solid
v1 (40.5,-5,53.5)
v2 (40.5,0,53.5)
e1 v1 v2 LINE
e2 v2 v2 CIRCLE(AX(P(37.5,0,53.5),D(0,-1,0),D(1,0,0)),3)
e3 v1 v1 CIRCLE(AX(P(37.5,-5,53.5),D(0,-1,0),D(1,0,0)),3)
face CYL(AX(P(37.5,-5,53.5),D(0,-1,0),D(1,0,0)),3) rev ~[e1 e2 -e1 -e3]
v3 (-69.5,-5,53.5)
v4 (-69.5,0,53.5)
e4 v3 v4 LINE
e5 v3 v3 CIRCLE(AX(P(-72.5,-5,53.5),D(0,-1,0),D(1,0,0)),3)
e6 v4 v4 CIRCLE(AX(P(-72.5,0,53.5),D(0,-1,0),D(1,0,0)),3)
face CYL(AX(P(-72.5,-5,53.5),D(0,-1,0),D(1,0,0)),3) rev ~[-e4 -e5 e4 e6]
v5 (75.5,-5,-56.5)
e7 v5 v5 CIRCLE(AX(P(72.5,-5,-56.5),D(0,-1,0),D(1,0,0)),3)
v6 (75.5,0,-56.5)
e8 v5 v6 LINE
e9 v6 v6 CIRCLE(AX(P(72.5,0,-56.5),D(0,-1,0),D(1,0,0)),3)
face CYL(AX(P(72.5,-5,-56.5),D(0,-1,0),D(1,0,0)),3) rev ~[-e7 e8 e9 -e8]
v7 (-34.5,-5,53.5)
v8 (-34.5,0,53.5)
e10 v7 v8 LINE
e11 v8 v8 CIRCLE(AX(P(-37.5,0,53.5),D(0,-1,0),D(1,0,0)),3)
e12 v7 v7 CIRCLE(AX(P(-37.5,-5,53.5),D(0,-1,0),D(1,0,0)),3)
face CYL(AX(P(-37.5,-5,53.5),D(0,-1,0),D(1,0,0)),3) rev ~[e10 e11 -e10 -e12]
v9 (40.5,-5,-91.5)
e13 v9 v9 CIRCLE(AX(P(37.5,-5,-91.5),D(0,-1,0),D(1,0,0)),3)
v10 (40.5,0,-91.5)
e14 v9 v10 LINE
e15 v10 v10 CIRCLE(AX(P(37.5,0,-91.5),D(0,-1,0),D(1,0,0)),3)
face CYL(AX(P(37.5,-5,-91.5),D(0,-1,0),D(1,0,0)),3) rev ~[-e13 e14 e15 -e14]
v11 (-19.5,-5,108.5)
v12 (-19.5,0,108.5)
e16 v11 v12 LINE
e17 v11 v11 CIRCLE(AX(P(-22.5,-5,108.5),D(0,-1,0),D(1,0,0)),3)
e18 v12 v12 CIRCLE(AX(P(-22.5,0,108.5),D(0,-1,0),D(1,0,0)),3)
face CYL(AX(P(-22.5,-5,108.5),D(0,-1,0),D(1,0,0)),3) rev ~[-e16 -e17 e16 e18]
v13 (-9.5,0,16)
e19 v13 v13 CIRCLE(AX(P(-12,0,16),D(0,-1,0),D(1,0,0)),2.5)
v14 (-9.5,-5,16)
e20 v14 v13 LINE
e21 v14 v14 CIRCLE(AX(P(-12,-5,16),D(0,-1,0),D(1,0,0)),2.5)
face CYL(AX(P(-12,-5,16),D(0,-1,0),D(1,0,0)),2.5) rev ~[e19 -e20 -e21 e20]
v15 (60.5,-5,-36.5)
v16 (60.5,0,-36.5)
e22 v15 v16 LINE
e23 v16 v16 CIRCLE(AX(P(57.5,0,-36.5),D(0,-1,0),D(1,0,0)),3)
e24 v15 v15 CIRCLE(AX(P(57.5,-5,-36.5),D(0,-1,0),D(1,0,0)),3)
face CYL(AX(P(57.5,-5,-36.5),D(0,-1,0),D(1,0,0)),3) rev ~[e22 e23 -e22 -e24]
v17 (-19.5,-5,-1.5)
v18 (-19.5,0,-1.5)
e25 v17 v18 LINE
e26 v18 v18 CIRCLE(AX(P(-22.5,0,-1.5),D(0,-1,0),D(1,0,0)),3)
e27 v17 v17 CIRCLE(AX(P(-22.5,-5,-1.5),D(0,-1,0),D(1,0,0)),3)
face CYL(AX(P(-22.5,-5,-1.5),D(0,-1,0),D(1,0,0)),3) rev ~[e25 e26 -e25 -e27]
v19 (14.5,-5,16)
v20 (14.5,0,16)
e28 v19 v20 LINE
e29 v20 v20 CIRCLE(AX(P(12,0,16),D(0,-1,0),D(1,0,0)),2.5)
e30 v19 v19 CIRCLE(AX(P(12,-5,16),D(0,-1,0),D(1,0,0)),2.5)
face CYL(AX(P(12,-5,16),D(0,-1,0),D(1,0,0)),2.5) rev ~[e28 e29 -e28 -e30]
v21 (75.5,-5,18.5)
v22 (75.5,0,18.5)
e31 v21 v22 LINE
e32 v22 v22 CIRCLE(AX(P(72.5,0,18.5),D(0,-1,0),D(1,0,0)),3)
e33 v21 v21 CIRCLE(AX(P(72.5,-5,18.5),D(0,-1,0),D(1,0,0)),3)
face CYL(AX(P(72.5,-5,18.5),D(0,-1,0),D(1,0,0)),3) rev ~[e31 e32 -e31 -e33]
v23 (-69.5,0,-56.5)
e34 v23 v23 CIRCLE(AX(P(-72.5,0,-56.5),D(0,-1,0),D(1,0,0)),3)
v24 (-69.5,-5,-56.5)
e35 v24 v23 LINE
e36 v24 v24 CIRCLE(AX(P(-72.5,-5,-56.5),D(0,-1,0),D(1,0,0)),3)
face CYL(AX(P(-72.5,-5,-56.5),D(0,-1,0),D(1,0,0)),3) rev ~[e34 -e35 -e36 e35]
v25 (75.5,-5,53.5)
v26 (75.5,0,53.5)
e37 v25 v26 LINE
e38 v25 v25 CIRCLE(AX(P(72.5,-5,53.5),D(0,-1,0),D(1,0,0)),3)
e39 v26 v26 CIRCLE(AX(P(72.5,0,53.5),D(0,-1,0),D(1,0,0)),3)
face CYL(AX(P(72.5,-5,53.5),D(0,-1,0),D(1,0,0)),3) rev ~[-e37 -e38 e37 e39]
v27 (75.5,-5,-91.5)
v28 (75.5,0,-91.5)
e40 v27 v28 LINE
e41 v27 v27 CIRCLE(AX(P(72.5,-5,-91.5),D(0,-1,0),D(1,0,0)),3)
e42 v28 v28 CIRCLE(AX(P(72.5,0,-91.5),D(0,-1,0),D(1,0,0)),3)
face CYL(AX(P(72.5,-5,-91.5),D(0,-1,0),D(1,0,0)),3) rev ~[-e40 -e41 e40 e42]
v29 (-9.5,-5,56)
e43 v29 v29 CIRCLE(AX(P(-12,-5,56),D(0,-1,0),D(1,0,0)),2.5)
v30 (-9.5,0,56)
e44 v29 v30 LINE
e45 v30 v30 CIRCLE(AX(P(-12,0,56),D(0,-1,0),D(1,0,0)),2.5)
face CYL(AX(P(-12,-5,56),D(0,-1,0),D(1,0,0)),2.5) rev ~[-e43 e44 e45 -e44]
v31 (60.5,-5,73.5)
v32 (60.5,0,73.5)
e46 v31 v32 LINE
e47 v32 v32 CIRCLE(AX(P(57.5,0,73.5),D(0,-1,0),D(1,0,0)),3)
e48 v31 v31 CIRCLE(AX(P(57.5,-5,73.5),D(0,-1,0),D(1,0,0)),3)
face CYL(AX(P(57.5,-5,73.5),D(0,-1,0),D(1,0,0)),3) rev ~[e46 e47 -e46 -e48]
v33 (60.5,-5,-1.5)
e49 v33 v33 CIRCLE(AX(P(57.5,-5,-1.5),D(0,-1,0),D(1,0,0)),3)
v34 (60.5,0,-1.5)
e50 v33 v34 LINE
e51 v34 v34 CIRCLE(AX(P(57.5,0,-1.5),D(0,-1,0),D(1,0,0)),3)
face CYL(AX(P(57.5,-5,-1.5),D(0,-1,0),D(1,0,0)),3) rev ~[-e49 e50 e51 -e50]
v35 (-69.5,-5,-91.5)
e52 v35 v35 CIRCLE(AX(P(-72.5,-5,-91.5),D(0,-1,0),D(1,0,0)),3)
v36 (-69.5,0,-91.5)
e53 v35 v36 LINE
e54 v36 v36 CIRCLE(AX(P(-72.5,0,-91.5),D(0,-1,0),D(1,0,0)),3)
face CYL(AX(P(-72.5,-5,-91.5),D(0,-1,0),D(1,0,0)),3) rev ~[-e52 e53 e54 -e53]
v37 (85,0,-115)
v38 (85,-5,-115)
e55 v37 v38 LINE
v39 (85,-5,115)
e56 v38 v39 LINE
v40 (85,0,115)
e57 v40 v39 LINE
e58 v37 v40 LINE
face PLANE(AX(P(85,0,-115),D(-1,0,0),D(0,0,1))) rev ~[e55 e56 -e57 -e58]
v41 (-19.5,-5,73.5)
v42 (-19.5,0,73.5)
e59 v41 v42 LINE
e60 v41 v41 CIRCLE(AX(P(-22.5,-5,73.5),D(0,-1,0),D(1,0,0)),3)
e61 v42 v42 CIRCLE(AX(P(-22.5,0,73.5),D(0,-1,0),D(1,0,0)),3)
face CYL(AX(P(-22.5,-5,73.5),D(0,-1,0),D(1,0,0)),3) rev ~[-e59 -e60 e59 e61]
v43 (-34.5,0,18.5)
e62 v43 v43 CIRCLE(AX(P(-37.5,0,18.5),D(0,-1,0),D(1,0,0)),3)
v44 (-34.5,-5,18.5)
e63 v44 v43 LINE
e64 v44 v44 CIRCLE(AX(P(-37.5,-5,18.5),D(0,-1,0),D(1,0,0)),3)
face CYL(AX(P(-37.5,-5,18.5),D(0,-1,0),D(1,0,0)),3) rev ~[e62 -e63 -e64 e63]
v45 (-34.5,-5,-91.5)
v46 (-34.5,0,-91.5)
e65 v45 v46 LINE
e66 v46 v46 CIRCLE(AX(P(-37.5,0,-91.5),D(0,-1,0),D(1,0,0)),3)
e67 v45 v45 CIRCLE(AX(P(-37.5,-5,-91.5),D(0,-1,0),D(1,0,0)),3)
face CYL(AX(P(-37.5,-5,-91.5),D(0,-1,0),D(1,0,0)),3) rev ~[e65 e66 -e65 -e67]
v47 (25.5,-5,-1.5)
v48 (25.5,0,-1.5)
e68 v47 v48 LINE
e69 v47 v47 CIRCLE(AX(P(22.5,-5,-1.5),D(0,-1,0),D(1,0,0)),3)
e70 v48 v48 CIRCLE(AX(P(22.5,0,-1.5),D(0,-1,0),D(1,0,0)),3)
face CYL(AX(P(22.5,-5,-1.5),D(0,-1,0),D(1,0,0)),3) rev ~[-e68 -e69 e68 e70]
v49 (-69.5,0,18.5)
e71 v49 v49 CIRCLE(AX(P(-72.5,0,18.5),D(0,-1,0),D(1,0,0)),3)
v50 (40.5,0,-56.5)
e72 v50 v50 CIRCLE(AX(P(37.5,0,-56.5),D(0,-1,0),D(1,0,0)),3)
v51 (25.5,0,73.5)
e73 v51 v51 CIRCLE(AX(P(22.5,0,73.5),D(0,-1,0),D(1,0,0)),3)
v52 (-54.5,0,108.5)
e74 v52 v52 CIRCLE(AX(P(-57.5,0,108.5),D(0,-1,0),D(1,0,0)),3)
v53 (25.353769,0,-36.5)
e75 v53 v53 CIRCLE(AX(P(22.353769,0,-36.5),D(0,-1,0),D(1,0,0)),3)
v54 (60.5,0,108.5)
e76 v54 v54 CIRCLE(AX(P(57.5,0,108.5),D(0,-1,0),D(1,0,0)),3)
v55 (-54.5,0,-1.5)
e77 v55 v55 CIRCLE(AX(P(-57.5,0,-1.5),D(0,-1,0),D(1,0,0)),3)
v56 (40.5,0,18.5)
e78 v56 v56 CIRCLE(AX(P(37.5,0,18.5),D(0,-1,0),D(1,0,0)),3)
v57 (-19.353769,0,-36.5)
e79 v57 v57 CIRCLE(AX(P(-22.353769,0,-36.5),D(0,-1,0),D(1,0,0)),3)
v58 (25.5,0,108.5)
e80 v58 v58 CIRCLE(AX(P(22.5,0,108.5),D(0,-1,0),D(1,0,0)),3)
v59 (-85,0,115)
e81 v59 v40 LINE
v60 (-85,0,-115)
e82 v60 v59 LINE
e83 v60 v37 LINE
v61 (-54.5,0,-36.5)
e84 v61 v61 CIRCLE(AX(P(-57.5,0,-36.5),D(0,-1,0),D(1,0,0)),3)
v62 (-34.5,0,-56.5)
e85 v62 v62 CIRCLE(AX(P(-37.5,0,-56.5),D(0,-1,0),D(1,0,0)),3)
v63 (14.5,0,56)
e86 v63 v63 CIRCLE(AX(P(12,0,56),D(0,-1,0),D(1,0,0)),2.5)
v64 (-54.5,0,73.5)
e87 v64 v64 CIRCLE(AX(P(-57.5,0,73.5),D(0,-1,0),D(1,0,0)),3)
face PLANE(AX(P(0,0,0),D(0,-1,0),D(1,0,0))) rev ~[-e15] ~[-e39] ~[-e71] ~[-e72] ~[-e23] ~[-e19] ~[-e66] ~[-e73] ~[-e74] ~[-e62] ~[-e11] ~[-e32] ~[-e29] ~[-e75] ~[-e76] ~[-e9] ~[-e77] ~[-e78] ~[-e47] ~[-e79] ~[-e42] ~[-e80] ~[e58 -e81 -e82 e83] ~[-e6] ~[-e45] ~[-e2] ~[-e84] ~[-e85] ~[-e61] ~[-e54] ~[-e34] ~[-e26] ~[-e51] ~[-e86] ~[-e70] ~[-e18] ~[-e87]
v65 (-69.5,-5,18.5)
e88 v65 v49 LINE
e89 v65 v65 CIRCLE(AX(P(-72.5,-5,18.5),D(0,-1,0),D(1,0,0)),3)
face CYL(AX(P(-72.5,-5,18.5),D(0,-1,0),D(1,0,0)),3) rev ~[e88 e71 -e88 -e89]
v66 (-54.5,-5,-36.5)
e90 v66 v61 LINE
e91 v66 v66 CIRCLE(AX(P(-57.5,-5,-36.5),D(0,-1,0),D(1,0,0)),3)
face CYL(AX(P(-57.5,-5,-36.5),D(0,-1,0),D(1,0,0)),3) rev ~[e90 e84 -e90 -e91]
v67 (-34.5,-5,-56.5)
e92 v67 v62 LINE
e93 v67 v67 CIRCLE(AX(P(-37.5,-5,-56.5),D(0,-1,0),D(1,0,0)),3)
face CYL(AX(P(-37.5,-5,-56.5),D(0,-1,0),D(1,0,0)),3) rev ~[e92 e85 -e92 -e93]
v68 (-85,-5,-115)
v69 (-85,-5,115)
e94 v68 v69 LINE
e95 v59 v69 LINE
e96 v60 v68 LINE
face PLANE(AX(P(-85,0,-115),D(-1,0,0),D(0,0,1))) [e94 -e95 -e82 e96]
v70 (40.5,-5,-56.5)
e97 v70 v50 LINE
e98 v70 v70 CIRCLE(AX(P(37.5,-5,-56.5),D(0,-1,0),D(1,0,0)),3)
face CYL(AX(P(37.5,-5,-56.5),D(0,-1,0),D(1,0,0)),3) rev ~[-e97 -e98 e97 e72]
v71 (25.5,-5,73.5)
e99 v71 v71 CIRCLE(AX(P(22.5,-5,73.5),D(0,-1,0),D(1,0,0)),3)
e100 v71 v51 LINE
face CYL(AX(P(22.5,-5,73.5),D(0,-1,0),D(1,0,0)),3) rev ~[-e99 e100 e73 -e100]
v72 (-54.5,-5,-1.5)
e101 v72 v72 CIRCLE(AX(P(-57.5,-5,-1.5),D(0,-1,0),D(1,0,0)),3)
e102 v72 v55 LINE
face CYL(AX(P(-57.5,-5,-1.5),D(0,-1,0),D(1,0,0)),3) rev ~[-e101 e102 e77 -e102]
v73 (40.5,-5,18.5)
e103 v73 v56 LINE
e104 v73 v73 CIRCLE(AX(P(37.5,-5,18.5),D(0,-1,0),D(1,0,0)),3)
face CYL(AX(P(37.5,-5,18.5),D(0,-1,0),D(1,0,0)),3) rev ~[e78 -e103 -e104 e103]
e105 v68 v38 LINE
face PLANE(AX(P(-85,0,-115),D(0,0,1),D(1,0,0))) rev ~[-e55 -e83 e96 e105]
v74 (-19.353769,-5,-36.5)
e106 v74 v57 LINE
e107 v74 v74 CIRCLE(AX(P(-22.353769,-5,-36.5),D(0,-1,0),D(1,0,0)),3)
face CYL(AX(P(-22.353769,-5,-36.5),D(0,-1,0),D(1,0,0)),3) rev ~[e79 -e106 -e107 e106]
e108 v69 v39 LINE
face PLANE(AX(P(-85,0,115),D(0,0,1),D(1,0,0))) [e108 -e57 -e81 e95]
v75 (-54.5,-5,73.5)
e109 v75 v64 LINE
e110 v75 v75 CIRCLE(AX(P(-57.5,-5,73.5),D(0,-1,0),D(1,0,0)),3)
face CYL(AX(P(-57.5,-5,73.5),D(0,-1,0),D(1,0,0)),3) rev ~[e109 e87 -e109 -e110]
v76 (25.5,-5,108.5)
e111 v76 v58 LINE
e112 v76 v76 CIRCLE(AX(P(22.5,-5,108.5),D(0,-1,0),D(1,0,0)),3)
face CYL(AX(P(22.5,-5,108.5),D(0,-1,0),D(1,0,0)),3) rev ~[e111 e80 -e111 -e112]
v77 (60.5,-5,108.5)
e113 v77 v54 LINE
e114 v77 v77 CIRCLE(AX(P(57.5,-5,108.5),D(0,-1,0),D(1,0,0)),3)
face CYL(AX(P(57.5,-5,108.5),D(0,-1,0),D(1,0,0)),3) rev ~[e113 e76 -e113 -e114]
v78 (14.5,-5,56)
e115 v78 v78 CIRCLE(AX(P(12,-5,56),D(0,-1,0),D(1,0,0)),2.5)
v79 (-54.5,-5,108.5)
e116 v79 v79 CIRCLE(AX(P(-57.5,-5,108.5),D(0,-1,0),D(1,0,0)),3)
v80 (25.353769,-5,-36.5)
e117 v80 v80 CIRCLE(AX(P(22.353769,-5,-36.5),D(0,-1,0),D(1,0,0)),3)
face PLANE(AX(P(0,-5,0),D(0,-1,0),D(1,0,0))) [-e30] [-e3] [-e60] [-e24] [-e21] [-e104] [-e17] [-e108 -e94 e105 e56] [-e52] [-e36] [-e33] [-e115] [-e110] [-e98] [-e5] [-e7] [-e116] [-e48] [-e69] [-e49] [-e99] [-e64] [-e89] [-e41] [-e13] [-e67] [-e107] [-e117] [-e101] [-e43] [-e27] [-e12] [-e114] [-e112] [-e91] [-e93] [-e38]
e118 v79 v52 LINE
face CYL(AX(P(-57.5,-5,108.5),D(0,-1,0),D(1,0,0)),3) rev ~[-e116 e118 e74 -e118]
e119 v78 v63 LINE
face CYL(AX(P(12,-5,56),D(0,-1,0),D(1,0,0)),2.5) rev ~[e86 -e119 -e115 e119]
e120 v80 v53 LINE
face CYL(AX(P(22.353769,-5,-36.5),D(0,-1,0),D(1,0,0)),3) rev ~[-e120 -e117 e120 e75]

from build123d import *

# Parameters (mm, degrees)
F0_W     = 170
F0_H     = 230
F1_DEPTH = 5
F2_R     = 3
F3_DEPTH = 5
F4_R     = 2.5
F5_DEPTH = 5
F6_R     = 3
F7_DEPTH = 5
F8_R     = 3
F9_DEPTH = 5


with BuildPart() as f1:
    # F0 (on Front) → F1 (new body)
    with BuildSketch(Plane.XZ):
        Rectangle(F0_W, F0_H)
    extrude(amount=F1_DEPTH)

    # F2 (on face) → F3 (cut)
    with BuildSketch(Plane.XZ.offset(5)):
        with Locations((-57.5, 108.5)):
            Circle(F2_R)
        with Locations((-22.5, 108.5)):
            Circle(F2_R)
        with Locations((-57.5, 73.5)):
            Circle(F2_R)
        with Locations((-22.5, 73.5)):
            Circle(F2_R)
        with Locations((22.5, 108.5)):
            Circle(F2_R)
        with Locations((22.5, 73.5)):
            Circle(F2_R)
        with Locations((57.5, 73.5)):
            Circle(F2_R)
        with Locations((57.5, 108.5)):
            Circle(F2_R)
        with Locations((57.5, -1.5)):
            Circle(F2_R)
        with Locations((22.5, -1.5)):
            Circle(F2_R)
        with Locations((22.353769, -36.5)):
            Circle(F2_R)
        with Locations((57.5, -36.5)):
            Circle(F2_R)
        with Locations((-22.5, -1.5)):
            Circle(F2_R)
        with Locations((-57.5, -1.5)):
            Circle(F2_R)
        with Locations((-22.353769, -36.5)):
            Circle(F2_R)
        with Locations((-57.5, -36.5)):
            Circle(F2_R)
    extrude(amount=-F3_DEPTH, mode=Mode.SUBTRACT)

    # F4 (on face) → F5 (cut)
    with BuildSketch(Plane.XZ.offset(5)):
        with Locations((-12, 56)):
            Circle(F4_R)
        with Locations((-12, 16)):
            Circle(F4_R)
        with Locations((12, 56)):
            Circle(F4_R)
        with Locations((12, 16)):
            Circle(F4_R)
    extrude(amount=-F5_DEPTH, mode=Mode.SUBTRACT)

    # F6 (on face) → F7 (cut)
    with BuildSketch(Plane.XZ.offset(5)):
        with Locations((37.5, 53.5)):
            Circle(F6_R)
        with BuildLine():
            ThreePointArc((69.5, 53.5), (72.5, 50.5), (75.5, 53.5))
            ThreePointArc((75.5, 53.5), (72.5, 56.5), (69.5, 53.5))
        make_face()
        with Locations((37.5, 18.5)):
            Circle(F6_R)
        with Locations((72.5, 18.5)):
            Circle(F6_R)
        with Locations((-37.5, 53.5)):
            Circle(F6_R)
        with Locations((-72.5, 53.5)):
            Circle(F6_R)
        with Locations((-37.5, 18.5)):
            Circle(F6_R)
        with Locations((-72.5, 18.5)):
            Circle(F6_R)
    extrude(amount=-F7_DEPTH, mode=Mode.SUBTRACT)

    # F8 (on face) → F9 (cut)
    with BuildSketch(Plane.XZ.offset(5)):
        with Locations((-37.5, -56.5)):
            Circle(F8_R)
        with Locations((-72.5, -56.5)):
            Circle(F8_R)
        with Locations((-37.5, -91.5)):
            Circle(F8_R)
        with Locations((-72.5, -91.5)):
            Circle(F8_R)
        with Locations((37.5, -56.5)):
            Circle(F8_R)
        with Locations((72.5, -56.5)):
            Circle(F8_R)
        with Locations((37.5, -91.5)):
            Circle(F8_R)
        with Locations((72.5, -91.5)):
            Circle(F8_R)
    extrude(amount=-F9_DEPTH, mode=Mode.SUBTRACT)


solid = f1.part
